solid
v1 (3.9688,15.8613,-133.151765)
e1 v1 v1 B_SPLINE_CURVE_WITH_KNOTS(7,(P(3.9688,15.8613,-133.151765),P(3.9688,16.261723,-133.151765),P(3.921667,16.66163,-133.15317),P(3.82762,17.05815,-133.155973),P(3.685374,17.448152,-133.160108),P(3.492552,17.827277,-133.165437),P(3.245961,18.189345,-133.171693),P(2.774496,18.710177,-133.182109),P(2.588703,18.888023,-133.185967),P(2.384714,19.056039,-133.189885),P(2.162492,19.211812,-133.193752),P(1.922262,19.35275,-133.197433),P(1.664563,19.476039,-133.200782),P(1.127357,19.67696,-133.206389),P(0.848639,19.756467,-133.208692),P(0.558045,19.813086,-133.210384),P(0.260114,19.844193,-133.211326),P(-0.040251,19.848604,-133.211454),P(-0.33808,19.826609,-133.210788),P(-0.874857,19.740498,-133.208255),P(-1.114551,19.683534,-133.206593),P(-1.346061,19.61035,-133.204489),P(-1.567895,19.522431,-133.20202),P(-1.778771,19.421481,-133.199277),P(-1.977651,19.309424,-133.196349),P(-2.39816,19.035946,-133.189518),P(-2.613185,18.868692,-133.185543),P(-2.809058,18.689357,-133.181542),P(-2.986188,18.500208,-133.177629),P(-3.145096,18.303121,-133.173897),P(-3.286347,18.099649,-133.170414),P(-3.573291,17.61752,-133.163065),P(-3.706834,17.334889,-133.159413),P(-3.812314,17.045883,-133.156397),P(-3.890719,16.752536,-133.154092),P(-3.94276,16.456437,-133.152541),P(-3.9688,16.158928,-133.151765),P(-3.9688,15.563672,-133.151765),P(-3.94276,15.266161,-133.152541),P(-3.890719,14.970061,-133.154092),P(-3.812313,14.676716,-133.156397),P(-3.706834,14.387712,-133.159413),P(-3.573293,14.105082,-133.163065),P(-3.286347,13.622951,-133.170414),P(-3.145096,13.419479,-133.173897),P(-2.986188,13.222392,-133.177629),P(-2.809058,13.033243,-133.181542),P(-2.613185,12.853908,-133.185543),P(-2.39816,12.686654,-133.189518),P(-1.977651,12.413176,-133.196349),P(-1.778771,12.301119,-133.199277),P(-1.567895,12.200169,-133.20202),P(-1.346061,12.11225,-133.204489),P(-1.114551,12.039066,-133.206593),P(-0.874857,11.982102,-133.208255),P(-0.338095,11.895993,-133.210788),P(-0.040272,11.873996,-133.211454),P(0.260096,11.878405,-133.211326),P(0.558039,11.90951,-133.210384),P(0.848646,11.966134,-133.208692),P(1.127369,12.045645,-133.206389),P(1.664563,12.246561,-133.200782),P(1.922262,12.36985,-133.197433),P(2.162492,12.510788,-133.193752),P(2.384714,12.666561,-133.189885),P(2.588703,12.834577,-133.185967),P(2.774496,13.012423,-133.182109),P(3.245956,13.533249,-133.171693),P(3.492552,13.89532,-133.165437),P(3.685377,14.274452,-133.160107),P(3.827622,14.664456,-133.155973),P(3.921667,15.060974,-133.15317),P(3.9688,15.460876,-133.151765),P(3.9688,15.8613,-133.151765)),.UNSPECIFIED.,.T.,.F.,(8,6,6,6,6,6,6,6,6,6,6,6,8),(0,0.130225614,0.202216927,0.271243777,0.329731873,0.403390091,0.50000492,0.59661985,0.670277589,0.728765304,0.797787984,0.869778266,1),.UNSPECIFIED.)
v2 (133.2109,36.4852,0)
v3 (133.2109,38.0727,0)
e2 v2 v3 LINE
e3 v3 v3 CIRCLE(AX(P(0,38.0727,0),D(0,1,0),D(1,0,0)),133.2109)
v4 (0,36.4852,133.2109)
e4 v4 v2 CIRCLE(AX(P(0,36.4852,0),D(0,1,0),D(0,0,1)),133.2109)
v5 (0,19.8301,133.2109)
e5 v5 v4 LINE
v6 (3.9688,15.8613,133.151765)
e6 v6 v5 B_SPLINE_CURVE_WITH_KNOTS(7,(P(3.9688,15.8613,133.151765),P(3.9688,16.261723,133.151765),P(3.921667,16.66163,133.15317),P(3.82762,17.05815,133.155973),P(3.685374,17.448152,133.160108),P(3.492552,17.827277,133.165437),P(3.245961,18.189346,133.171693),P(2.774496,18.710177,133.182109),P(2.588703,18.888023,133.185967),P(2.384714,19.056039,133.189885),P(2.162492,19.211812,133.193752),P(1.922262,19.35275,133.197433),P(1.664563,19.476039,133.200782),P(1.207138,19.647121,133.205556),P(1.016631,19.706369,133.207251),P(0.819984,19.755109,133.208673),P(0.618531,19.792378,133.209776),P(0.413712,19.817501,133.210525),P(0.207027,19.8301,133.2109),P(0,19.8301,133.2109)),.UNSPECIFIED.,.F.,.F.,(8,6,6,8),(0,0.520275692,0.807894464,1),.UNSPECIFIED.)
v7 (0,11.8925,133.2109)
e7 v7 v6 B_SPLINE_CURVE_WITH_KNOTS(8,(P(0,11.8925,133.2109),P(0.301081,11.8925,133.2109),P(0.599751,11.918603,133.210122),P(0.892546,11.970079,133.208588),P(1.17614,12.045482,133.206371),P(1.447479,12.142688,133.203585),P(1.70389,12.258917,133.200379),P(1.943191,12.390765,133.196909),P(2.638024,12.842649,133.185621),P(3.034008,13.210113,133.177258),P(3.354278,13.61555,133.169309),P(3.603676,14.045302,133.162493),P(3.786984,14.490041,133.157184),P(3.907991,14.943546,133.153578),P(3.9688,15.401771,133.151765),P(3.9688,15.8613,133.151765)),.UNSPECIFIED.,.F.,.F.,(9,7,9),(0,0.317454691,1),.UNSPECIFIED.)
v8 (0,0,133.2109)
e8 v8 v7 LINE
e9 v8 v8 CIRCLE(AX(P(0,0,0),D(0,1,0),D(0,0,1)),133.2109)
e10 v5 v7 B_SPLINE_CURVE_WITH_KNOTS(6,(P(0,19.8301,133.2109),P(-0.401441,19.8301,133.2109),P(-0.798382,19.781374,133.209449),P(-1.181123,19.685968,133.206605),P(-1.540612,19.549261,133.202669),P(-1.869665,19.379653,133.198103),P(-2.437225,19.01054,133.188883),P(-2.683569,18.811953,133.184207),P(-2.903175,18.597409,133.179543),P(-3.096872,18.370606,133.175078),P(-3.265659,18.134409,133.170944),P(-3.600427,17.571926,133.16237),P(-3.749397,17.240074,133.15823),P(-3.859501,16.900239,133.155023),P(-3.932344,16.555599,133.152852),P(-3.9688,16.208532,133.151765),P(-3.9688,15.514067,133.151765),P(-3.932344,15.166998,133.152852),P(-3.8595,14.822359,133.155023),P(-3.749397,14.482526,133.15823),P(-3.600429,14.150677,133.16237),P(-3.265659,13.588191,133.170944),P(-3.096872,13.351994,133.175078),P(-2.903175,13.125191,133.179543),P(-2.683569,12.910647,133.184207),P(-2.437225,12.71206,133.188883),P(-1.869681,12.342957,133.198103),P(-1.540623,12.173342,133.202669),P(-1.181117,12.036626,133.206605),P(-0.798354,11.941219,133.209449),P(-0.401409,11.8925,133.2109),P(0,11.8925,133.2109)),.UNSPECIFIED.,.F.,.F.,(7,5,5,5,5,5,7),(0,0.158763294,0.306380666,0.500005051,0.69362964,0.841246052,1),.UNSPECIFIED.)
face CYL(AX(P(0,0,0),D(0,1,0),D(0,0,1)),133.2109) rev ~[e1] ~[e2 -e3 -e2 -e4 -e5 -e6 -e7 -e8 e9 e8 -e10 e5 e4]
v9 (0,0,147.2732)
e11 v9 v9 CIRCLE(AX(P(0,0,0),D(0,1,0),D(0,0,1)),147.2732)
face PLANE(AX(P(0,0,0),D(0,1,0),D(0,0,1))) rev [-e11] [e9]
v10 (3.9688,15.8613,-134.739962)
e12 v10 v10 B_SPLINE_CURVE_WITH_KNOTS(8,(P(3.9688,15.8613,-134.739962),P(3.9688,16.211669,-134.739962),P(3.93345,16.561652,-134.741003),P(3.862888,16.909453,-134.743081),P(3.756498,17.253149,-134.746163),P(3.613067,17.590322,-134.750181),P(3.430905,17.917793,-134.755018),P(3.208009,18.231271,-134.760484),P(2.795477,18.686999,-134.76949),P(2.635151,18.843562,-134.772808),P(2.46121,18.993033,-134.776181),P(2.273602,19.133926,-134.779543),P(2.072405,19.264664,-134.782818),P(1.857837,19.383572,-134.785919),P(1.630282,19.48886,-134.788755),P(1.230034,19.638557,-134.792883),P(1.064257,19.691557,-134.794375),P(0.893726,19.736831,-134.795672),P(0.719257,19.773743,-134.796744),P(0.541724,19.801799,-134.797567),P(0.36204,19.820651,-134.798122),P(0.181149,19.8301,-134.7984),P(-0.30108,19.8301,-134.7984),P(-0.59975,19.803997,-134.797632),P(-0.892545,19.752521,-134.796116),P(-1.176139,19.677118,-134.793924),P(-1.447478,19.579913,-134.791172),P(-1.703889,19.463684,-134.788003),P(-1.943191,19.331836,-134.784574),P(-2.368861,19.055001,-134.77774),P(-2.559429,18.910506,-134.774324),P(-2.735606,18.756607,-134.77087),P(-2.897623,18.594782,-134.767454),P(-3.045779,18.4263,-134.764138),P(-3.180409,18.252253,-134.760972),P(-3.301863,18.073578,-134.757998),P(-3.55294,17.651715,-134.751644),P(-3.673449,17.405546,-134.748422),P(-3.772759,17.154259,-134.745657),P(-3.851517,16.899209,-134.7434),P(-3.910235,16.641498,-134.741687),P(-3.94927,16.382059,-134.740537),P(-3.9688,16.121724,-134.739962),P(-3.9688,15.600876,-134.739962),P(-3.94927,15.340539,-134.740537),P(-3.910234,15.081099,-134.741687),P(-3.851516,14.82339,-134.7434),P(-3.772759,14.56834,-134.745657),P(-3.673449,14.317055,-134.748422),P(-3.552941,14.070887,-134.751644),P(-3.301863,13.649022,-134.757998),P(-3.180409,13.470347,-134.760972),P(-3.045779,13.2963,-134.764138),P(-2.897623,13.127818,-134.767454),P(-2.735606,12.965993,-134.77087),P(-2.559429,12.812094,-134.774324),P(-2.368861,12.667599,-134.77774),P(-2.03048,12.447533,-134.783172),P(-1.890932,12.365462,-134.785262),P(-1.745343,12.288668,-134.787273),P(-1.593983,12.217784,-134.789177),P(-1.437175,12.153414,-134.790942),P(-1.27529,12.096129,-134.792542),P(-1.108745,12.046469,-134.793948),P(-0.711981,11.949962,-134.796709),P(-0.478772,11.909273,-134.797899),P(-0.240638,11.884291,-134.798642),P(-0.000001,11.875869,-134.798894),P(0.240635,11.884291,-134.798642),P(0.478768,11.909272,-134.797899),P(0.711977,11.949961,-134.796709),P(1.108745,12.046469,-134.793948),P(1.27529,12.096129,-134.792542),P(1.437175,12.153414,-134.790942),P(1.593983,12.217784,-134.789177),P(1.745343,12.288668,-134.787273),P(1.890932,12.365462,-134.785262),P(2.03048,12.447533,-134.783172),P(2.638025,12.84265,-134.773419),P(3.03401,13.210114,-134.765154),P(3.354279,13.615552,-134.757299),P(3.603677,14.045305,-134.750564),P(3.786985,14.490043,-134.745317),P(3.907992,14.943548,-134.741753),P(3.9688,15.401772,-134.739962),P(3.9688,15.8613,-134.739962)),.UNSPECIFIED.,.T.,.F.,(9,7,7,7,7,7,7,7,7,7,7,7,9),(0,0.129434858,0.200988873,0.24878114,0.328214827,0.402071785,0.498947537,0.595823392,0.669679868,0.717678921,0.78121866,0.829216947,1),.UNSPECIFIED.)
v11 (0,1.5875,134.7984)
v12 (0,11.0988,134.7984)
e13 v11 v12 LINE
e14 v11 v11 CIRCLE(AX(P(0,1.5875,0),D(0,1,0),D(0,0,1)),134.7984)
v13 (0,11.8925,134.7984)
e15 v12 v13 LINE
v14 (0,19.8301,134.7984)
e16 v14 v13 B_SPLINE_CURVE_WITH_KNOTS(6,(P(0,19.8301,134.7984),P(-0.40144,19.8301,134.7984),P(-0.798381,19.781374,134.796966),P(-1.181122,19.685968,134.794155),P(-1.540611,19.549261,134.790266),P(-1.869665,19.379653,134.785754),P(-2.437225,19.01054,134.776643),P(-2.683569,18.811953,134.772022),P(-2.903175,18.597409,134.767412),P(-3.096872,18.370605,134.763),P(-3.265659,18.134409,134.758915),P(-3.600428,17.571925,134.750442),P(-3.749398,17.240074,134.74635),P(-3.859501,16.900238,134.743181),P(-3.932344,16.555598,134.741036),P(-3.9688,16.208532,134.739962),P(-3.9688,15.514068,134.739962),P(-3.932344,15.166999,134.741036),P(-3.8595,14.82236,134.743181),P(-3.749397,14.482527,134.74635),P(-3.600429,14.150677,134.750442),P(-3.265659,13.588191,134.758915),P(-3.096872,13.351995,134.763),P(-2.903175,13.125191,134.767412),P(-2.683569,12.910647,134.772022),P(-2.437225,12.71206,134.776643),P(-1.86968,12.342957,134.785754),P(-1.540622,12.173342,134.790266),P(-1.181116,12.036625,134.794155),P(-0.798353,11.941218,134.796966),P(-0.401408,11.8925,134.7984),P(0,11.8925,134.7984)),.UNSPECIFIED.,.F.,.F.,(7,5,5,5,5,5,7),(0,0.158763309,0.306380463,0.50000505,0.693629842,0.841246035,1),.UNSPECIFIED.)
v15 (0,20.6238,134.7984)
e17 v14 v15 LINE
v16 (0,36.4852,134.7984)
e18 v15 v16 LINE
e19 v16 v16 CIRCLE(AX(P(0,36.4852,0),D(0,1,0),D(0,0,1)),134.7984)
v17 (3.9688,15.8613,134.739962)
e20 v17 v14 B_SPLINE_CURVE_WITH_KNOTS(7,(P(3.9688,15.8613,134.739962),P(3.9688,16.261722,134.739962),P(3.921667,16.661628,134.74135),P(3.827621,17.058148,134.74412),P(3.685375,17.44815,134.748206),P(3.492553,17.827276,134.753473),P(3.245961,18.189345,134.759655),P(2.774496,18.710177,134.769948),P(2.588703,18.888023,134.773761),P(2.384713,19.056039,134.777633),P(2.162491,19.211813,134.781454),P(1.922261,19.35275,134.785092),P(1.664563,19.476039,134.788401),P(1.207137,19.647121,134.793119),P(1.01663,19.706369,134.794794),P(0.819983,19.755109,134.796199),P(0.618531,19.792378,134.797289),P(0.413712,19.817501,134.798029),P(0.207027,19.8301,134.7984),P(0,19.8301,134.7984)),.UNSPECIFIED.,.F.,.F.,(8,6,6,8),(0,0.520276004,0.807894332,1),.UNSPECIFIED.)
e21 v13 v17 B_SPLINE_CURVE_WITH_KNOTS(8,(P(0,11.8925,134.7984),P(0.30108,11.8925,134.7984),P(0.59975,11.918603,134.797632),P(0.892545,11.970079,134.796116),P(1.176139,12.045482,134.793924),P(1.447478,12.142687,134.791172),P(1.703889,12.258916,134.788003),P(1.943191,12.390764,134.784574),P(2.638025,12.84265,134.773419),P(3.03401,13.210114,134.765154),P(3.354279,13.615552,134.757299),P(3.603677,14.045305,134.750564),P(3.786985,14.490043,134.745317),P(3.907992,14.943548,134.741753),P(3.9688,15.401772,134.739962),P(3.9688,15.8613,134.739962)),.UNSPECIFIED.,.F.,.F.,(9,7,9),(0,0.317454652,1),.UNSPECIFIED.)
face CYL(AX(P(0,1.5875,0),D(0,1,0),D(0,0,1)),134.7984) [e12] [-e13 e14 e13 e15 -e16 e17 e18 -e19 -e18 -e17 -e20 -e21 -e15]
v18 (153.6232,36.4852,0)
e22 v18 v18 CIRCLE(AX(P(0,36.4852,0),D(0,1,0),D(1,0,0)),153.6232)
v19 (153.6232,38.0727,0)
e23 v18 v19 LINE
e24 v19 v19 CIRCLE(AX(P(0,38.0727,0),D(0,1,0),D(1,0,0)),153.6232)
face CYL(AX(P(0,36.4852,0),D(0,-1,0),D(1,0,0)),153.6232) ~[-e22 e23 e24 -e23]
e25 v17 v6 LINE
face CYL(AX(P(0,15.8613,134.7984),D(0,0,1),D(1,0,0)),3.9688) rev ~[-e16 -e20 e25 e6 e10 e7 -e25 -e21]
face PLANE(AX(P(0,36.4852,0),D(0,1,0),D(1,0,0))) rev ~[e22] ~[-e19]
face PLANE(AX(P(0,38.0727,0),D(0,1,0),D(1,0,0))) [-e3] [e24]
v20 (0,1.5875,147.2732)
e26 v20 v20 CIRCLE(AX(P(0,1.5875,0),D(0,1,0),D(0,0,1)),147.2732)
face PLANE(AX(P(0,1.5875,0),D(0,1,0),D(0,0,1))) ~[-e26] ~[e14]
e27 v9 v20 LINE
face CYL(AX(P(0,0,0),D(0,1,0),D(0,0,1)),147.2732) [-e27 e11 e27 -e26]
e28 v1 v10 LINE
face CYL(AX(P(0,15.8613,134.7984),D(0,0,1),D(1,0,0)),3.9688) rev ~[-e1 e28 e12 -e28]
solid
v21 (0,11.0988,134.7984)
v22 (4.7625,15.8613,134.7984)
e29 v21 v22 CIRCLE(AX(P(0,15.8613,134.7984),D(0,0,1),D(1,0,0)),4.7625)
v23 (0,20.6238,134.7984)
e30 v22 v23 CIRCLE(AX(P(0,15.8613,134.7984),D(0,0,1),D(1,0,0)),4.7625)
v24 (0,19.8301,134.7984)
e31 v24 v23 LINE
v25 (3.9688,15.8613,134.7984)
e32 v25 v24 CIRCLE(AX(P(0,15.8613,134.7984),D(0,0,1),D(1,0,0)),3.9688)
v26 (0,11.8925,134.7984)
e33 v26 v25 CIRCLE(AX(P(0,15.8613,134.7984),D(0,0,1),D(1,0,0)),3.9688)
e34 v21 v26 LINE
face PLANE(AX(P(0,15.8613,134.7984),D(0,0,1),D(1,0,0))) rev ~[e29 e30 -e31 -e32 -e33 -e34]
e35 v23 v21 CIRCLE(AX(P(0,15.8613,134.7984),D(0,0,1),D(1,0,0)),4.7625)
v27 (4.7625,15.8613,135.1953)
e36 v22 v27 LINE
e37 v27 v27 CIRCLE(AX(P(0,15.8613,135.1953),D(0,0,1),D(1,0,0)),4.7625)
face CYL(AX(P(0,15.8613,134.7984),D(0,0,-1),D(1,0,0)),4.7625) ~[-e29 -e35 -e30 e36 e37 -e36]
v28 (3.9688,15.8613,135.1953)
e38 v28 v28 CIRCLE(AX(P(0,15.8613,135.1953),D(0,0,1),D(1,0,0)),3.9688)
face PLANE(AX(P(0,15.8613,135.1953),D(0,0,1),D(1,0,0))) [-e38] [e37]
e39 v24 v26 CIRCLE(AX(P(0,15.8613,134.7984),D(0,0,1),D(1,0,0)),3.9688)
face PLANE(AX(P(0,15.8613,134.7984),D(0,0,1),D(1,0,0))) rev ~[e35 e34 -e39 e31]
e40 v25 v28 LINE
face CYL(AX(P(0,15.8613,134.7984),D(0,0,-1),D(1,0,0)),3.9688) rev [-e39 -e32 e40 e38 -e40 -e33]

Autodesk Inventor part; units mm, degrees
ref_plane "YZ Plane" through (0, 0, 0) normal (1, 0, 0) x (0, 1, 0)
ref_plane "XZ Plane" through (0, 0, 0) normal (0, 1, 0) x (-1, 0, 0)
sketch "Sketch1" plane through (0, 0, 0) normal (1, 0, 0) x (0, 1, 0)
  line L0 (0, 0) -> (28.6807, 0)
  line L1 (0, 133.2109) -> (36.4852, 133.2109)
  line L2 (0, 133.2109) -> (0, 147.2732)
  line L3 (0, 147.2732) -> (1.5875, 147.2732)
  line L4 (1.5875, 134.7984) -> (36.4852, 134.7984)
  line L5 (36.4852, 134.7984) -> (36.4852, 133.2109)
  line L6 (1.5875, 134.7984) -> (1.5875, 147.2732)
  point P0 (15.8613, 134.7984)
  dimension "Lay2Rad" = 133.2109
  dimension "d1" = 14.0623
  dimension "d2" = 1.5875
  dimension "d3" = 36.4852
  dimension "d4" = 1.5875
  dimension "d5" = 1.5875
  dimension "d7" = 14.2738
revolve "Revolution1" add sketch "Sketch1" angle 360 about axis through (0, 0, 0) along (0, 1, 0)
ref_plane "Work Plane1" through (0, 15.8613, 134.7984) normal (0, 0, 1) x (1, 0, 0)
sketch "Sketch2" plane through (0, 15.8613, 134.7984) normal (0, 0, 1) x (1, 0, 0)
  circle A0 centre (0, 0) radius 4.7625
  circle A1 centre (0, 0) radius 3.9688
  point P0 (0, -15.8613)
  dimension "d8" = 9.525
  dimension "d11" = 7.9375
extrude "Extrusion2" cut sketch "Sketch2" against normal through all contours A1
extrude "Extrusion3" add sketch "Sketch2" along normal blind 0.3969
sketch "Sketch3" plane through (0, 36.4852, 0) normal (0, 1, 0) x (1, 0, 0)
  circle A0 centre (0, 0) radius 133.2109
  circle A1 centre (0, 0) radius 133.2109 projected
  circle A2 centre (0, 0) radius 153.6232
  circle A3 centre (0, 0) radius 147.2732 projected
  dimension "d16" = 6.35
extrude "Extrusion4" add sketch "Sketch3" along normal blind 1.5875 contours A2 | A3
equation "\"Lay2Rad\" = -2 * SpWall + 0.5 * IBDia"
equation "\"d2\" = Wall"
equation "\"d3\" = d1_1 + BevDriverDia + SpWall + Space + Wall"
equation "\"d4\" = Wall"
equation "\"d5\" = Wall"
equation "\"d7\" = 1.5 * Space + 0.5 * BevDriverDia"
equation "\"d8\" = 2 * Space + AxelDia"
equation "\"d11\" = AxelDia + Space"
equation "\"d14\" = 0.25 * Wall"
equation "\"d17\" = Wall"
equation "\"SpWall\" = 3.175"
equation "\"IBDia\" = 279.121792"
equation "\"Wall\" = 1.5875"
equation "\"d1_1\" = 6.35"
equation "\"BevDriverDia\" = 23.785175"
equation "\"Space\" = 1.5875"
equation "\"AxelDia\" = 6.35"
properties part number "Layer2"
